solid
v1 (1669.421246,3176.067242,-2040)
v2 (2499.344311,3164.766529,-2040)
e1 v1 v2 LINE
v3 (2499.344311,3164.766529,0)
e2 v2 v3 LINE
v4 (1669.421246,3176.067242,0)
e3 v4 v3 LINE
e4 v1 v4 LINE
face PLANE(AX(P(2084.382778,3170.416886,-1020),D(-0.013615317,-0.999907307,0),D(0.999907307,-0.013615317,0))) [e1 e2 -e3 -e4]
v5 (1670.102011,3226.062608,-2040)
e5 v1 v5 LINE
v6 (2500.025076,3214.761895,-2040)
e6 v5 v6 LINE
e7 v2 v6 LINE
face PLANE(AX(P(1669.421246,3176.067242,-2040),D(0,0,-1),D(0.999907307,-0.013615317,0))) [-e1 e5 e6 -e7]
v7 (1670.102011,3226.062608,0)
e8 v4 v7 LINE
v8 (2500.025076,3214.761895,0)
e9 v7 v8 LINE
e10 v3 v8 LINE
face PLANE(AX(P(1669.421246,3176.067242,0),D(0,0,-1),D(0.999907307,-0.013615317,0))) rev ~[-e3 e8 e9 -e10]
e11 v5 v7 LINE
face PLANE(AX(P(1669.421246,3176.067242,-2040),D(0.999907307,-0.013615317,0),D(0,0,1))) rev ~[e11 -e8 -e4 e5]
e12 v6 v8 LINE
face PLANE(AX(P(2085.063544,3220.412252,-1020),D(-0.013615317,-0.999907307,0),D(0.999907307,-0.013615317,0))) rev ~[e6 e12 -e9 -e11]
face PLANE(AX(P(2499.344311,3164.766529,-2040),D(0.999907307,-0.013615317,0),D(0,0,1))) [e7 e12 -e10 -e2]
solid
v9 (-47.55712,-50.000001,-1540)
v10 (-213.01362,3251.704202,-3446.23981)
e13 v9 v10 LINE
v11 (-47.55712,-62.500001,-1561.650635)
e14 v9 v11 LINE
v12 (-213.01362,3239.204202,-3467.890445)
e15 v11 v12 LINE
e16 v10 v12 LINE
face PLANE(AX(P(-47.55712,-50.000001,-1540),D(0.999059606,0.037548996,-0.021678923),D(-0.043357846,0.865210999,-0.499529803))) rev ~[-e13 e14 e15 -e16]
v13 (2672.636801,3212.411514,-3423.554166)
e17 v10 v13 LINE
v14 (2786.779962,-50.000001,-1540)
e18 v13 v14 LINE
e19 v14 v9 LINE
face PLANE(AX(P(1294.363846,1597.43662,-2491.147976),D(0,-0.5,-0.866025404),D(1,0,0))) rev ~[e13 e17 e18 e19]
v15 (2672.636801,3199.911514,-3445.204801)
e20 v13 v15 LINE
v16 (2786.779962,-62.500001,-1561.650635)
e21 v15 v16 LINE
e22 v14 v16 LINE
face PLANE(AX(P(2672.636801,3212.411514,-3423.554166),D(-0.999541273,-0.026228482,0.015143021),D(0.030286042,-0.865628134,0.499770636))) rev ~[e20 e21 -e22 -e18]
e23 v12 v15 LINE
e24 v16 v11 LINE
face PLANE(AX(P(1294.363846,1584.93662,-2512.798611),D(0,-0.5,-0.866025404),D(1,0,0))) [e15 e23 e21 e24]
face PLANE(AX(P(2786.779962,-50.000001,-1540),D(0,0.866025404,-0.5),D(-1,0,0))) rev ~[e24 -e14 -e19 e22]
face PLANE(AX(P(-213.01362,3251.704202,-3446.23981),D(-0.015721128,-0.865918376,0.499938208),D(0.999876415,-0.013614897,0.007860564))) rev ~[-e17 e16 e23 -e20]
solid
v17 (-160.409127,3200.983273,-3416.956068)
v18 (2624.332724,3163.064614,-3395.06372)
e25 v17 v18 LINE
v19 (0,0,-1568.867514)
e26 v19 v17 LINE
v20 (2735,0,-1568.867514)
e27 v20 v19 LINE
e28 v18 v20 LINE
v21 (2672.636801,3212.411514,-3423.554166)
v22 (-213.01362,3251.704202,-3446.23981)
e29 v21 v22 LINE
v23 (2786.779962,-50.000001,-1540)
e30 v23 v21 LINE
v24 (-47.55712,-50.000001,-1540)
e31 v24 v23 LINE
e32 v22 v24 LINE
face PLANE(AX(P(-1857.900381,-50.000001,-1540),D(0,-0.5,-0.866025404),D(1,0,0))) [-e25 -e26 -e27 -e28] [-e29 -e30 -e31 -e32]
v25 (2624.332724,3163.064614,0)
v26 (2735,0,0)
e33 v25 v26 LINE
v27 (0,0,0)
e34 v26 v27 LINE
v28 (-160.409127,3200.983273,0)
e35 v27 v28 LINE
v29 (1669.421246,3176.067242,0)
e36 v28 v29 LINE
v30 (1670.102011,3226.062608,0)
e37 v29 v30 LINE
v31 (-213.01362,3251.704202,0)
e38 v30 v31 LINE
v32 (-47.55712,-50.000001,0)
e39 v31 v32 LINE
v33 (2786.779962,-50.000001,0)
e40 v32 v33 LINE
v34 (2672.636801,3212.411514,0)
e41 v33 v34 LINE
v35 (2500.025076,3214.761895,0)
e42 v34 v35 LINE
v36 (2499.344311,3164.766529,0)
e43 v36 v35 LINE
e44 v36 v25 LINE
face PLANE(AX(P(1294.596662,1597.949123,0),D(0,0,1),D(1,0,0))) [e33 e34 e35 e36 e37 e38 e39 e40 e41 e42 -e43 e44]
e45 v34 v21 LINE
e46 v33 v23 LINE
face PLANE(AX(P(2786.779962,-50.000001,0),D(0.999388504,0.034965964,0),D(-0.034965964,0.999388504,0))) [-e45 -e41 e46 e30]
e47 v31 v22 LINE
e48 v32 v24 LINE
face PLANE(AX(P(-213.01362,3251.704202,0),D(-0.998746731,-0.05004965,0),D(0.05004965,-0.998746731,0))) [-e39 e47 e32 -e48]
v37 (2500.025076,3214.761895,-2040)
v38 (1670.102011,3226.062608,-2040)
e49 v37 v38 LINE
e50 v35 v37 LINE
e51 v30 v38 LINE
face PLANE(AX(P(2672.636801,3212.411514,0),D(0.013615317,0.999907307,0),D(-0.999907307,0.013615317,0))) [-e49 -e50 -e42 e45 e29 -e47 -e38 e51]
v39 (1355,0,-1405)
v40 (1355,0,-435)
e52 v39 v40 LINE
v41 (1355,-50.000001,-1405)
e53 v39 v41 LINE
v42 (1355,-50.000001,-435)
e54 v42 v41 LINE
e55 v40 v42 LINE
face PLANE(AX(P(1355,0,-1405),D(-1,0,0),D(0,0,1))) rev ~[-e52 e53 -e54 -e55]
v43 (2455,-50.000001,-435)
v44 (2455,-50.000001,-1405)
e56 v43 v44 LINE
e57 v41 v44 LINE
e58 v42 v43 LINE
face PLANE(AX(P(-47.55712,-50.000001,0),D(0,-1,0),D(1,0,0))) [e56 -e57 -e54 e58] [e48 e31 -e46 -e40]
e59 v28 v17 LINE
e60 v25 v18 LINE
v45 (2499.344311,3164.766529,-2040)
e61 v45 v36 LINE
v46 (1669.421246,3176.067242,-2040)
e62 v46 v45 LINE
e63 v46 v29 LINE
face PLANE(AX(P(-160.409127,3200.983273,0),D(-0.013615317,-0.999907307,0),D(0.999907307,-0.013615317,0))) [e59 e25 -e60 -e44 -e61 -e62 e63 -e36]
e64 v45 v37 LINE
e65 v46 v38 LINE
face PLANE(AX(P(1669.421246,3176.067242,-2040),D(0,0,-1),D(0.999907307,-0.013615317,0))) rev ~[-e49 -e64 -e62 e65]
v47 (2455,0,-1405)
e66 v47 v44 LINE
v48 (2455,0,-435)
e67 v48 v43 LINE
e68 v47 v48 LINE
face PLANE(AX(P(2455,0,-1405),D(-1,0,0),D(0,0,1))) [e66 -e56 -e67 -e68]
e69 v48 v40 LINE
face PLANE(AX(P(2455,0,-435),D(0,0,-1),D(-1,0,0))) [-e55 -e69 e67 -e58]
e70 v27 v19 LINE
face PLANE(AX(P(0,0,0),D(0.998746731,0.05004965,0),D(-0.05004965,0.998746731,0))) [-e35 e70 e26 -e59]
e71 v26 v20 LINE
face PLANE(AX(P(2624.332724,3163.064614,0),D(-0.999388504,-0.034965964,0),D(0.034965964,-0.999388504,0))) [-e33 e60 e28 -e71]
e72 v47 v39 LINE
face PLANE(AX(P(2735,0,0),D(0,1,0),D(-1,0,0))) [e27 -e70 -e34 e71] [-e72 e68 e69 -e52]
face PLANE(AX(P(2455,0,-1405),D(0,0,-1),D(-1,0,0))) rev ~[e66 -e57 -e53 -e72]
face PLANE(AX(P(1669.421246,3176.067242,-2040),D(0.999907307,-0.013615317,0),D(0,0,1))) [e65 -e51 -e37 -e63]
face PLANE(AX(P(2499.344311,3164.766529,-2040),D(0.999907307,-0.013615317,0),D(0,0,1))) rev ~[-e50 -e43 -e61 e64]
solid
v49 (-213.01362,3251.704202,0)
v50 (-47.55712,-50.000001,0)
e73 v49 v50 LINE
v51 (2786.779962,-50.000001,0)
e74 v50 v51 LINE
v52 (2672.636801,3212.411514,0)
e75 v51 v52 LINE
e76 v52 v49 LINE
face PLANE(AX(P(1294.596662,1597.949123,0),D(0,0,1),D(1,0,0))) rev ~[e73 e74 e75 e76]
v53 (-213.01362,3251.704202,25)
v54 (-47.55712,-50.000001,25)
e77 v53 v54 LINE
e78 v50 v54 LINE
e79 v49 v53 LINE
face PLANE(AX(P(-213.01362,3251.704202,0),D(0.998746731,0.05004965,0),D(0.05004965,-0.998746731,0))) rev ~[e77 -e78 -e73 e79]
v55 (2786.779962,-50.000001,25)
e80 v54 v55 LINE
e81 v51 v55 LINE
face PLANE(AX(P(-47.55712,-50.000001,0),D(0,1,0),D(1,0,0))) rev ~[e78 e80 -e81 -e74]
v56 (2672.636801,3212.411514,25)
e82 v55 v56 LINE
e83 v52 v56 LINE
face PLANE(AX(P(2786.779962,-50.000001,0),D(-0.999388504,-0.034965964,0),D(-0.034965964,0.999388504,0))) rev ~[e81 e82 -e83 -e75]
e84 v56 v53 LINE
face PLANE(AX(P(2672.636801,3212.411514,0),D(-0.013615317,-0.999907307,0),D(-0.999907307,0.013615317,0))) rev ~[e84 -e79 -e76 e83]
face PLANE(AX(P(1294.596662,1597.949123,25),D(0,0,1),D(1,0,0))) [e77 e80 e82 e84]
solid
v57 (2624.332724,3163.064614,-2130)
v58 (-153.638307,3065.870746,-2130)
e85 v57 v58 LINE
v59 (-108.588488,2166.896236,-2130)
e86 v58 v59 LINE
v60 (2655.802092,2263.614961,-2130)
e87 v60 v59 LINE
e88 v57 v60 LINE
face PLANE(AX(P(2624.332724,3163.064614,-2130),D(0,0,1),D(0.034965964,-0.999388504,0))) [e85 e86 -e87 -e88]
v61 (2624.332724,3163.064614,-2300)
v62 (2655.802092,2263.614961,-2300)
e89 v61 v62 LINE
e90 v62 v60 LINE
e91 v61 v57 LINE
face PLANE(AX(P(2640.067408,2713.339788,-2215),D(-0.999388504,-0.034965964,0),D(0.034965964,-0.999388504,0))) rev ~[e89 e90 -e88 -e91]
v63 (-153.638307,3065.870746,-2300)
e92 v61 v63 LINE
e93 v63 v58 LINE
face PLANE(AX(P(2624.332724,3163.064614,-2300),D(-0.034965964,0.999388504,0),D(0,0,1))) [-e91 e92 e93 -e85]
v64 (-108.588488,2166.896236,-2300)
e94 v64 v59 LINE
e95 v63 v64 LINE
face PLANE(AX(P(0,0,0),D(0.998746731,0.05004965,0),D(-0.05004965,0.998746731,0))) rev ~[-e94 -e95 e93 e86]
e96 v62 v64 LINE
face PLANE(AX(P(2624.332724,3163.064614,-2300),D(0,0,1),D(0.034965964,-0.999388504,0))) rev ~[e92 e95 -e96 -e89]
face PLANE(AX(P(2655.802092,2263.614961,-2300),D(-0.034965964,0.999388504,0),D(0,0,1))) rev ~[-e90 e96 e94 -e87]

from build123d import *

# Parameters (mm, degrees)
F1_DEPTH  = 4110
F5_DEPTH  = 4144.3607151471
F6_DEPTH  = 25
F8_DEPTH  = 25
F9_W      = 830
F9_H      = 2040
F10_DEPTH = 90.8441419245
F11_DEPTH = 50.0000007451
F12_W     = 900
F12_H     = 170
F14_W     = 1100
F14_H     = 970
F15_DEPTH = 62.5010007451


with BuildPart() as f1:
    # F0 (on Top) → F1 (new body)
    with BuildSketch(Plane.XY):
        Polygon((-213.0136198584, 3251.7042017552), (-47.5571200971, -50.0000007451), (2786.7799622254, -50.0000007451), (2672.6368005452, 3212.4115137828), align=None)
        Polygon((2735, 0), (0, 0), (-160.4091268056, 3200.9832726894), (2624.3327239488, 3163.0646142644), align=None, mode=Mode.SUBTRACT)
    extrude(amount=-F1_DEPTH)

    # F4 (on line) → F5 (cut, through all)
    with BuildSketch(Plane(origin=(0, 629.3395603552, -363.3493645828), x_dir=(-1, 0, 0), z_dir=(0, 0.8660254038, -0.5))):
        Polygon((1857.9003810883, -1358.6791222006), (47.5571200971, -1358.6791222006), (-2786.7799622254, -1358.6791222006), (-2786.7799622254, -4651.7086029053), (1857.9003810883, -4651.7086029053), align=None)
    extrude(amount=F5_DEPTH, mode=Mode.SUBTRACT)

    # F9 (on face) → F10 (cut, through all)
    with BuildSketch(Plane(origin=(43.5486267236, 3198.2060657511, 0), x_dir=(0.9999073073, -0.0136153172, 0), z_dir=(-0.0136153172, -0.9999073073, 0))):
        with Locations((2041.0233393178, -1020)):
            Rectangle(F9_W, F9_H)
    extrude(amount=-F10_DEPTH, mode=Mode.SUBTRACT)


with BuildPart() as f6:
    # F0 (on Top) → F6 (new body)
    with BuildSketch(Plane.XY):
        Polygon((-213.0136198584, 3251.7042017552), (-47.5571200971, -50.0000007451), (2786.7799622254, -50.0000007451), (2672.6368005452, 3212.4115137828), align=None)
        Polygon((2735, 0), (0, 0), (-160.4091268056, 3200.9832726894), (2624.3327239488, 3163.0646142644), align=None, mode=Mode.SUBTRACT)
        Polygon((-160.4091268056, 3200.9832726894), (0, 0), (2735, 0), (2624.3327239488, 3163.0646142644), align=None)
    extrude(amount=F6_DEPTH)


with BuildPart() as f8:
    # F7 (on face) → F8 (new body)
    with BuildSketch(Plane(origin=(0, -679.3395611003, -1176.6506354172), x_dir=(1, 0, 0), z_dir=(0, -0.5, -0.8660254038))):
        Polygon((-213.0136198584, -4539.1783493616), (2672.6368005452, -4493.8070614055), (2786.7799622254, -726.6987291655), (-47.5571200971, -726.6987291655), align=None)
        Polygon((2735, -784.4337569448), (2624.3327239488, -4436.8261699643), (-160.4091268056, -4480.6108652623), (0, -784.4337569448), align=None, mode=Mode.SUBTRACT)
        Polygon((-160.4091268056, -4480.6108652623), (2624.3327239488, -4436.8261699642), (2735, -784.4337569448), (0, -784.4337569448), align=None)
    extrude(amount=F8_DEPTH)


with BuildPart() as f11:
    # F9 (on face) → F11 (new body, through all)
    with BuildSketch(Plane(origin=(43.5486267236, 3198.2060657511, 0), x_dir=(0.9999073073, -0.0136153172, 0), z_dir=(-0.0136153172, -0.9999073073, 0))):
        with Locations((2041.0233393178, -1020)):
            Rectangle(F9_W, F9_H)
    extrude(amount=-F11_DEPTH)


with BuildPart() as f13:
    # F12 (on face) → F13 (new body, up to the next surface of F1)
    with BuildSketch(Plane(origin=(2731.6561380244, 95.5734329739, 0), x_dir=(0.034965964, -0.9993885037, 0), z_dir=(-0.9993885037, -0.034965964, 0))):
        with Locations((-2619.3680884676, -2215)):
            Rectangle(F12_W, F12_H)
    extrude(until=Until.NEXT, target=f1.part)


with BuildPart() as f1_1:
    add(f1.part)

    # F14 (on face) → F15 (cut, through all)
    with BuildSketch(Plane(origin=(0, 0, 0), x_dir=(-1, 0, 0), z_dir=(0, 1, 0))):
        with Locations((-1905, -920)):
            Rectangle(F14_W, F14_H)
    extrude(amount=-F15_DEPTH, mode=Mode.SUBTRACT)


solid = Compound([f6.part, f8.part, f11.part, f13.part, f1_1.part])
